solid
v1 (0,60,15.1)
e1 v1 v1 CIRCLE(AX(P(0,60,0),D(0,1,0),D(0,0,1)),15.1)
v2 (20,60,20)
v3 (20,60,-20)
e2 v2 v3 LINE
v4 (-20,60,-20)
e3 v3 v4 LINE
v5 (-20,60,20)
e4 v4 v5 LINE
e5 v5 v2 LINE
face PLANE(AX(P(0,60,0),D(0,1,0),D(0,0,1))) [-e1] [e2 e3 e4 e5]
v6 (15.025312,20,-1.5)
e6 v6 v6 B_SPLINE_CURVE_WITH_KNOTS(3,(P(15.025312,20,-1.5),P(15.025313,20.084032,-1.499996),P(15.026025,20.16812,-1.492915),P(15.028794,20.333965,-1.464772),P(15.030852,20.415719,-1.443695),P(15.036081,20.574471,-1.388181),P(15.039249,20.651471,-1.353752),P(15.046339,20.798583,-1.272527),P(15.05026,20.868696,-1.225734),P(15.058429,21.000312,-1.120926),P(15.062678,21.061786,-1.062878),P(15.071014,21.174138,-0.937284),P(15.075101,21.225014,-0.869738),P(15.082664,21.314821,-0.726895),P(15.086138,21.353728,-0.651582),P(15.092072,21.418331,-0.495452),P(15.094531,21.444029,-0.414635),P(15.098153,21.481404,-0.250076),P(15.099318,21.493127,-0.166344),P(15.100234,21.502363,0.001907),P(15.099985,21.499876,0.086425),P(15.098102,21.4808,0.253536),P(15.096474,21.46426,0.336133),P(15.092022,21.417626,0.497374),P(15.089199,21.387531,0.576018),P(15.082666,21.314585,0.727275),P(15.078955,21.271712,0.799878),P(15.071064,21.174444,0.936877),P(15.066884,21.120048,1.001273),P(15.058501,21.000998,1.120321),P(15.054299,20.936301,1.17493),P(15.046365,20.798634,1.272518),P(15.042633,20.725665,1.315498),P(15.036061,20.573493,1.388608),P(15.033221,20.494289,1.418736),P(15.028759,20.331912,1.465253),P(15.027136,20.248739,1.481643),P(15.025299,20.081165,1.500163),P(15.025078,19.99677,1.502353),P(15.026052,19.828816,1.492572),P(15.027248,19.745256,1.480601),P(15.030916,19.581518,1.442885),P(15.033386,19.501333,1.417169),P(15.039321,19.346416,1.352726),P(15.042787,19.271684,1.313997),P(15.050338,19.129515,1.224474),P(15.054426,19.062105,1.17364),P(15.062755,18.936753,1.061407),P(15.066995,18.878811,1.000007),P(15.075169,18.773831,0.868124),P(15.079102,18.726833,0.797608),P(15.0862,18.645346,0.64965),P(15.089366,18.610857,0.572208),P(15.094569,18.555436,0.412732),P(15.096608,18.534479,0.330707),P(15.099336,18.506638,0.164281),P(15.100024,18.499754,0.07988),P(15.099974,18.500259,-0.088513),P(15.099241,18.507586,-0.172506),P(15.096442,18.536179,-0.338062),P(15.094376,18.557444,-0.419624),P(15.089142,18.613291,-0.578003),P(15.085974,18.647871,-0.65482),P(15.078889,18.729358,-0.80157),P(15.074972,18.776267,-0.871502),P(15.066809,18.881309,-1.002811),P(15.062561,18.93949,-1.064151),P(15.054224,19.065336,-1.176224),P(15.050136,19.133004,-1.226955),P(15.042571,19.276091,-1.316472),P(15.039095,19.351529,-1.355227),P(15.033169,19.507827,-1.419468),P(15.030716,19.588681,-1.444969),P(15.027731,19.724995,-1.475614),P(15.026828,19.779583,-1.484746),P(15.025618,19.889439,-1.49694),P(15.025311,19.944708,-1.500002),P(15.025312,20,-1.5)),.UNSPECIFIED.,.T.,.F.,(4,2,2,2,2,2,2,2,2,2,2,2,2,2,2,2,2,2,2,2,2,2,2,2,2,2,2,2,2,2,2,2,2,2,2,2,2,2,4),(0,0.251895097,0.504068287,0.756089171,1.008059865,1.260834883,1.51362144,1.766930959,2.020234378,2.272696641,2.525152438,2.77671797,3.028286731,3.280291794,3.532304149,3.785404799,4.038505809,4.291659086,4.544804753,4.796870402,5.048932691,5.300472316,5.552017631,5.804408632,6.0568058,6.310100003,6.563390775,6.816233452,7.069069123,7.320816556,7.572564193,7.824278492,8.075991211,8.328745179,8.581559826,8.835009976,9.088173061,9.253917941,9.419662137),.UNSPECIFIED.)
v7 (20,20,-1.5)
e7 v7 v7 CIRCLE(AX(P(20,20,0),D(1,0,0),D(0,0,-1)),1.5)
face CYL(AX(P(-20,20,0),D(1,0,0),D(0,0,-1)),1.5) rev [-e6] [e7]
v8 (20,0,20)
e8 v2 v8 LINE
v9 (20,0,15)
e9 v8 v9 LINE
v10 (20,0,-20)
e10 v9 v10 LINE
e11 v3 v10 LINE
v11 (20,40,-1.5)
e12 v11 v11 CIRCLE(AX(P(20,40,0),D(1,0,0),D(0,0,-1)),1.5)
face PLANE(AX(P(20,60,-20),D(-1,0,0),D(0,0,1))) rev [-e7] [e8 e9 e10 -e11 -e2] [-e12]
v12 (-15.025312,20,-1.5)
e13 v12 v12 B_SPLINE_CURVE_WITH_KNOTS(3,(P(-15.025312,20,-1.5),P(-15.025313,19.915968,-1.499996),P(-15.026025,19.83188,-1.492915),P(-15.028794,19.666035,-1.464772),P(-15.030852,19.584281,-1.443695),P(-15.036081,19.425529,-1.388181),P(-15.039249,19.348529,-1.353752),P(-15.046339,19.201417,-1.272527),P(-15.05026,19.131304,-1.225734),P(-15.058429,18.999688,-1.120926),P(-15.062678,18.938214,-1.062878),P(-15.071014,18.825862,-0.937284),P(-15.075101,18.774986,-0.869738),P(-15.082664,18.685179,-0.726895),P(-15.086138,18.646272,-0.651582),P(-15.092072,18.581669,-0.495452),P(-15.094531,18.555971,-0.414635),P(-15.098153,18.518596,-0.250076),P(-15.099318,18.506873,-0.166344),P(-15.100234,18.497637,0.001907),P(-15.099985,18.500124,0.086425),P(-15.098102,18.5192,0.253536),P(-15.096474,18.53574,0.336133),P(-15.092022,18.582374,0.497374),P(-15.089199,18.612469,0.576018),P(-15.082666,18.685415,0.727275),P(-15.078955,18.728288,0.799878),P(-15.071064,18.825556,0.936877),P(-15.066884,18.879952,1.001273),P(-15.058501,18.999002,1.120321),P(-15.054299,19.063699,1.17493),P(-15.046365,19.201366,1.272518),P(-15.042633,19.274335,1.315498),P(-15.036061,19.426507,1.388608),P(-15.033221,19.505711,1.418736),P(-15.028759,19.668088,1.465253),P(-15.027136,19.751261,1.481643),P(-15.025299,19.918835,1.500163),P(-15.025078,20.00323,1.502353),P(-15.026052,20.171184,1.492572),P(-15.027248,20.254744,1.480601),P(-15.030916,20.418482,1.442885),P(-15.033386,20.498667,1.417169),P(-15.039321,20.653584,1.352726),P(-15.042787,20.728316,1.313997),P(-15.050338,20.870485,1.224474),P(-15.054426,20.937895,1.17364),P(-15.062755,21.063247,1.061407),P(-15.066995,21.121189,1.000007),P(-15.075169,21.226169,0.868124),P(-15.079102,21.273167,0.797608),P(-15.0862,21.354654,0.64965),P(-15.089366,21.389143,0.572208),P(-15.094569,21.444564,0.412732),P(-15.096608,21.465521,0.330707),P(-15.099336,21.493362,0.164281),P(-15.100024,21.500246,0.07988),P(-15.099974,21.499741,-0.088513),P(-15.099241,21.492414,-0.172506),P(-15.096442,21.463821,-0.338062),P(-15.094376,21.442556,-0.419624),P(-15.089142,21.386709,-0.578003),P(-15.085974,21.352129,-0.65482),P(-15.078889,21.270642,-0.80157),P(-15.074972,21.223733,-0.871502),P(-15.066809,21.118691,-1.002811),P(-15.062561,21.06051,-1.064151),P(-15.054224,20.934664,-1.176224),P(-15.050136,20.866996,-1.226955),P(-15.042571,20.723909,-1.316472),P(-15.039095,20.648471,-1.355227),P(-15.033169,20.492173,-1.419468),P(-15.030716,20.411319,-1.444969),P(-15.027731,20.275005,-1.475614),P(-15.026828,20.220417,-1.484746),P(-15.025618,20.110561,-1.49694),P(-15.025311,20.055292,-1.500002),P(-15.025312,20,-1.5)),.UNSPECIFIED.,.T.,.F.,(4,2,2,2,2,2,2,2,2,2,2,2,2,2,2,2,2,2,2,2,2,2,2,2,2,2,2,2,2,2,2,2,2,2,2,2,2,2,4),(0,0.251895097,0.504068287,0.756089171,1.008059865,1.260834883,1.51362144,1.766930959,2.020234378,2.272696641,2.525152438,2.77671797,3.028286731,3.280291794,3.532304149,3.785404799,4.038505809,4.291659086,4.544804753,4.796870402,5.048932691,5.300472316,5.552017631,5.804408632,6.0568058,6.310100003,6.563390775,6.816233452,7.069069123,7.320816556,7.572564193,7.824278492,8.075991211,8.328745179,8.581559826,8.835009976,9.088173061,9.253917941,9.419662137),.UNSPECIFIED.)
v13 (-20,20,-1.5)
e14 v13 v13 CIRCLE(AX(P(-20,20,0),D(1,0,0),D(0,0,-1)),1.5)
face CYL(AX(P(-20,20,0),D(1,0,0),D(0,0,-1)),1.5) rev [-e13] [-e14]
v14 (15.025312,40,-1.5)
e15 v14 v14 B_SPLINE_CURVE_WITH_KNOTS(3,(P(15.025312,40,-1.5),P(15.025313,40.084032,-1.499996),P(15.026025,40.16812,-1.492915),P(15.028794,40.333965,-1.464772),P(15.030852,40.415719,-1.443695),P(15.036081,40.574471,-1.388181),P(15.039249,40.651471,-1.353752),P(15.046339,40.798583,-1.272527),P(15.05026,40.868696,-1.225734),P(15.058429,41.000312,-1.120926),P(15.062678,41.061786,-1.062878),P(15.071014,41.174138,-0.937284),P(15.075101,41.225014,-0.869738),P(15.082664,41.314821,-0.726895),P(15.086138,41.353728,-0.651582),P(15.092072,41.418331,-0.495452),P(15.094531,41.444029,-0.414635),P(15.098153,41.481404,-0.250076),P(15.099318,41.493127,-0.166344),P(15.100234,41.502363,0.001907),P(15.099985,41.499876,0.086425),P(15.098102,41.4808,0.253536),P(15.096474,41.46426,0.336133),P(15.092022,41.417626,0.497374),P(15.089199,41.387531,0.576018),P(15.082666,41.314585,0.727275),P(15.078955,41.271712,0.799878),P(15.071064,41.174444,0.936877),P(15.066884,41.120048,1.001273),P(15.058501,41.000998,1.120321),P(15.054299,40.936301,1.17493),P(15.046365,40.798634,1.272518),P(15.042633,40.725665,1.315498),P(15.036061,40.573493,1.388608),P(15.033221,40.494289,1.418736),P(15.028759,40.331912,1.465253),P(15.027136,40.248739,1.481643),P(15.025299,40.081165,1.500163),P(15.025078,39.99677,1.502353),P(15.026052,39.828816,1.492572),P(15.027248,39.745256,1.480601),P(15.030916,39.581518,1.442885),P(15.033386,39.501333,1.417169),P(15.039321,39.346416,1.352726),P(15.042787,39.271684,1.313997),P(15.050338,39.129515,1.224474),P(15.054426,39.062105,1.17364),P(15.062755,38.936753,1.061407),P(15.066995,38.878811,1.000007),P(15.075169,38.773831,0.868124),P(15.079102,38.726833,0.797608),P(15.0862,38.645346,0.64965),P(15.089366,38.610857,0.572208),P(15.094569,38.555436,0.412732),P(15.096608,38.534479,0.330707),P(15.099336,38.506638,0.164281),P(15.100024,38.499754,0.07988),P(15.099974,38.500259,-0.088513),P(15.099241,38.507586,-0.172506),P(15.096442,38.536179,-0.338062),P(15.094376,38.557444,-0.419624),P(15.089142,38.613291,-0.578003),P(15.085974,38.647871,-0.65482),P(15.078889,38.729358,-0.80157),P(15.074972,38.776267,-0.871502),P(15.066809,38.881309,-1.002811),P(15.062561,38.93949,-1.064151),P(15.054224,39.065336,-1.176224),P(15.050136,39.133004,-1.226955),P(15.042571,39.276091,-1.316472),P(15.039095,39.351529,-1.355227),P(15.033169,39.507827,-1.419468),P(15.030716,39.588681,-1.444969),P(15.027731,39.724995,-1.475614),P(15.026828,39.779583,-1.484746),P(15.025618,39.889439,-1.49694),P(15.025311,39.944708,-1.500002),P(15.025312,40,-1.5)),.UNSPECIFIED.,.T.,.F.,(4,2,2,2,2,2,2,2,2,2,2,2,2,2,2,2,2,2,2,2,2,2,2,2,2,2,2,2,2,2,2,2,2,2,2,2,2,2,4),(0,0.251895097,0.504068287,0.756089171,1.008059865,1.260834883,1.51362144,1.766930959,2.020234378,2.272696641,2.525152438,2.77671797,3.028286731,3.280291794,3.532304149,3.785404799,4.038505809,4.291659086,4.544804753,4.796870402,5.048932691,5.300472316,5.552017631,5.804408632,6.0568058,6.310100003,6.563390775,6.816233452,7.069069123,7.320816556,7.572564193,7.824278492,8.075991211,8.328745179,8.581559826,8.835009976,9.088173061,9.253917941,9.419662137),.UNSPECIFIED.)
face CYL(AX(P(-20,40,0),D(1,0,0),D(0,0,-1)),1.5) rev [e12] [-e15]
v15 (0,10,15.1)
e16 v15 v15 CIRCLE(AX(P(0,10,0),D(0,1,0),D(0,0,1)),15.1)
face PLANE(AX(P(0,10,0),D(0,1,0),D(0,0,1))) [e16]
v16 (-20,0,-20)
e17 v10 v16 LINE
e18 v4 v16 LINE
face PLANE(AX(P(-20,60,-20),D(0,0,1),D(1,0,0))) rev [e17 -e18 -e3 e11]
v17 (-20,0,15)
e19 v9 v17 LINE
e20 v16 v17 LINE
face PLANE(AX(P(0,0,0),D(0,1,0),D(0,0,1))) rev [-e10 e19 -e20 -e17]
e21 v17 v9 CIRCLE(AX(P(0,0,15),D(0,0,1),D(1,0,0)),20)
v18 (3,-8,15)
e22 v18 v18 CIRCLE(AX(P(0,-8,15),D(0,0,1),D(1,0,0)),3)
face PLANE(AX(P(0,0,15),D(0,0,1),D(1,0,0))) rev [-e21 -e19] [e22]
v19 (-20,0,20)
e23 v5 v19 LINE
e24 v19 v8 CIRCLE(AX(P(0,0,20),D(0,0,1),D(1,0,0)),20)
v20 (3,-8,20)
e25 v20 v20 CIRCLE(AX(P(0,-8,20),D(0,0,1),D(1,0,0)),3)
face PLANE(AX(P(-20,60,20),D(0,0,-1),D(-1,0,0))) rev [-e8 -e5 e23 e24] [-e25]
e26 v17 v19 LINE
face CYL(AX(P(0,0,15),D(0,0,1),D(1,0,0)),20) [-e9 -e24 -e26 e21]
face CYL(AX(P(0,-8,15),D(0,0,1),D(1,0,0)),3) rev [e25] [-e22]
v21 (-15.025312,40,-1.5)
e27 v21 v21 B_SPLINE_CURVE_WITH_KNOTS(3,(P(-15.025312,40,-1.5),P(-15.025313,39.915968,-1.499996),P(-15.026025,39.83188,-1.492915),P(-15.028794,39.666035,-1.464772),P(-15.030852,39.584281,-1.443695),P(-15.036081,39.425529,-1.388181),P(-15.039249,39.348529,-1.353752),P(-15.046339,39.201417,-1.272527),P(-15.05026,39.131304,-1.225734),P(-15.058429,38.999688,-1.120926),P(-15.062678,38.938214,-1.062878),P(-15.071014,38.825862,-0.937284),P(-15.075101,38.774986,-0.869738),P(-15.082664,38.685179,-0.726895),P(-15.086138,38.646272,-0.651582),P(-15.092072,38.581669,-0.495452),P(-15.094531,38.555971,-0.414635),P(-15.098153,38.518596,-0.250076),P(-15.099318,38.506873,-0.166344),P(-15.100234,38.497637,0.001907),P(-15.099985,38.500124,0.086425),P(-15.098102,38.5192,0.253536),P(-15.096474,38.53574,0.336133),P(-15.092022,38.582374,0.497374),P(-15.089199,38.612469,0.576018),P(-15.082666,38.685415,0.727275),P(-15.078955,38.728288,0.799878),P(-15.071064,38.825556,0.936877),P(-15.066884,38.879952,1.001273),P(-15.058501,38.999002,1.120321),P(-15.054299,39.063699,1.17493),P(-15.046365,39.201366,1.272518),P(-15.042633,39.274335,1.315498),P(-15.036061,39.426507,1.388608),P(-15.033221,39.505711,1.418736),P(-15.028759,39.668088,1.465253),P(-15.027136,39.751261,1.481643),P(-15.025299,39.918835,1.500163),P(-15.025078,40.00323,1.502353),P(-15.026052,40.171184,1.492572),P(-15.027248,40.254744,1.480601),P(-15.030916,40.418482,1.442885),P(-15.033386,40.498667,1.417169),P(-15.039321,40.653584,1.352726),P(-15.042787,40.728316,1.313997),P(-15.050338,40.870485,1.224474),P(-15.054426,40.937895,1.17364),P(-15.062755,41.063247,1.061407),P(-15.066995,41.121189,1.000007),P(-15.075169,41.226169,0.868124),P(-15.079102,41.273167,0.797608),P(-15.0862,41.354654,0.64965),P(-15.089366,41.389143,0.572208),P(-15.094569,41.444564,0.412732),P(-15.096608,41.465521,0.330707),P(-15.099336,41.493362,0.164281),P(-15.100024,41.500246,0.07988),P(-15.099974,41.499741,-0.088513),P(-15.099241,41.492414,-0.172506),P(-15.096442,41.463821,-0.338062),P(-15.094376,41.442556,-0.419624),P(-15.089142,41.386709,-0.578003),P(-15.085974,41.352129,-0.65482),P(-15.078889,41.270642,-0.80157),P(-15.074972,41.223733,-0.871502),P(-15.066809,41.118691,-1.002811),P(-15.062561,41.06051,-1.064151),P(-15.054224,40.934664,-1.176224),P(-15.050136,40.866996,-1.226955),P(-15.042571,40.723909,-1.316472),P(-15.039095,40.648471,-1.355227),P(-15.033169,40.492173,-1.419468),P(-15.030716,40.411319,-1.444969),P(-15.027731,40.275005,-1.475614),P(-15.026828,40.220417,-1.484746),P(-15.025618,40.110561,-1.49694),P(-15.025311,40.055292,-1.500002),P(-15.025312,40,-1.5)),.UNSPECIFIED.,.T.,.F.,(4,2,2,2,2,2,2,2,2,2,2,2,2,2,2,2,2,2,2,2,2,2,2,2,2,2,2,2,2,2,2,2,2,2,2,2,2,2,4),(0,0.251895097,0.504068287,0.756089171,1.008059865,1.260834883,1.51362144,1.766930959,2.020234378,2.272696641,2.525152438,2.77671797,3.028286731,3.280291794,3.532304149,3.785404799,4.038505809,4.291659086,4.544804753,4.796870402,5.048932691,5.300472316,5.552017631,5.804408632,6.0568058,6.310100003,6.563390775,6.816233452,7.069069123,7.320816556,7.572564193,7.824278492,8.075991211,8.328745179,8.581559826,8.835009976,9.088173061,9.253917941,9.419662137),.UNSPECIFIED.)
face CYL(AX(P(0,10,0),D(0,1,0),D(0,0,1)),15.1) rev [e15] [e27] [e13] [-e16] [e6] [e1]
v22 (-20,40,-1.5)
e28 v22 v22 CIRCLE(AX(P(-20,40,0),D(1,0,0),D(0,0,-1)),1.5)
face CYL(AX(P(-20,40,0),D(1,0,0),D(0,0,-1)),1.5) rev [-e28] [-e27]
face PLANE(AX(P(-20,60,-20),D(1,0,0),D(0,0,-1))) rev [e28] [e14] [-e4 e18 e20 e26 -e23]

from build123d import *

# Parameters (mm, degrees)
SKETCH_1_W             = 40
SKETCH_1_H             = 40
EXTRUDE_1_DEPTH        = 60
SKETCH_2_R             = 15.1
CUT_EXTRUDE_1_DEPTH    = 50
SKETCH_3_R             = 3
EXTRUDE_2_DEPTH        = 5
SKETCH_4_R             = 1.5
CUT_EXTRUDE_2_DEPTH    = 75.833147735
PATTERN_LINEAR_1_COUNT = 2
PATTERN_LINEAR_1_PITCH = 20


with BuildPart() as part:
    # 草圖1 → 填料-伸長1 (new body)
    with BuildSketch(Plane(origin=(0, 0, 0), x_dir=(1, 0, 0), z_dir=(0, 1, 0))):
        Rectangle(SKETCH_1_W, SKETCH_1_H)
    extrude(amount=EXTRUDE_1_DEPTH)

    # 草圖2 → 除料-伸長1 (cut)
    with BuildSketch(Plane(origin=(0, 60, 0), x_dir=(1, 0, 0), z_dir=(0, 1, 0))):
        with Locations(Location((0, 0, 0), (0, 0, 270))):
            Circle(SKETCH_2_R)
    extrude(amount=-CUT_EXTRUDE_1_DEPTH, mode=Mode.SUBTRACT)

    # 草圖3 → 填料-伸長2 (add)
    with BuildSketch(Plane.XY.offset(20)):
        with BuildLine():
            Line((-20, 0), (20, 0))
            ThreePointArc((20, 0), (0, -20), (-20, 0))
        make_face()
        with Locations((0, -8)):
            Circle(SKETCH_3_R, mode=Mode.SUBTRACT)
    extrude(amount=-EXTRUDE_2_DEPTH)

    # 草圖4 → 除料-伸長2 (cut, through all)
    with BuildSketch(Plane(origin=(20, 0, 0), x_dir=(0, 0, -1), z_dir=(1, 0, 0))):
        with Locations((0, 20)):
            Circle(SKETCH_4_R)
    cut_extrude_2 = extrude(amount=-CUT_EXTRUDE_2_DEPTH, mode=Mode.SUBTRACT)

    # 直線複製排列1: 除料-伸長2 ×2
    with Locations(*[(0, i * PATTERN_LINEAR_1_PITCH, 0) for i in range(1, PATTERN_LINEAR_1_COUNT)]):
        add(cut_extrude_2, mode=Mode.SUBTRACT)


solid = part.part
